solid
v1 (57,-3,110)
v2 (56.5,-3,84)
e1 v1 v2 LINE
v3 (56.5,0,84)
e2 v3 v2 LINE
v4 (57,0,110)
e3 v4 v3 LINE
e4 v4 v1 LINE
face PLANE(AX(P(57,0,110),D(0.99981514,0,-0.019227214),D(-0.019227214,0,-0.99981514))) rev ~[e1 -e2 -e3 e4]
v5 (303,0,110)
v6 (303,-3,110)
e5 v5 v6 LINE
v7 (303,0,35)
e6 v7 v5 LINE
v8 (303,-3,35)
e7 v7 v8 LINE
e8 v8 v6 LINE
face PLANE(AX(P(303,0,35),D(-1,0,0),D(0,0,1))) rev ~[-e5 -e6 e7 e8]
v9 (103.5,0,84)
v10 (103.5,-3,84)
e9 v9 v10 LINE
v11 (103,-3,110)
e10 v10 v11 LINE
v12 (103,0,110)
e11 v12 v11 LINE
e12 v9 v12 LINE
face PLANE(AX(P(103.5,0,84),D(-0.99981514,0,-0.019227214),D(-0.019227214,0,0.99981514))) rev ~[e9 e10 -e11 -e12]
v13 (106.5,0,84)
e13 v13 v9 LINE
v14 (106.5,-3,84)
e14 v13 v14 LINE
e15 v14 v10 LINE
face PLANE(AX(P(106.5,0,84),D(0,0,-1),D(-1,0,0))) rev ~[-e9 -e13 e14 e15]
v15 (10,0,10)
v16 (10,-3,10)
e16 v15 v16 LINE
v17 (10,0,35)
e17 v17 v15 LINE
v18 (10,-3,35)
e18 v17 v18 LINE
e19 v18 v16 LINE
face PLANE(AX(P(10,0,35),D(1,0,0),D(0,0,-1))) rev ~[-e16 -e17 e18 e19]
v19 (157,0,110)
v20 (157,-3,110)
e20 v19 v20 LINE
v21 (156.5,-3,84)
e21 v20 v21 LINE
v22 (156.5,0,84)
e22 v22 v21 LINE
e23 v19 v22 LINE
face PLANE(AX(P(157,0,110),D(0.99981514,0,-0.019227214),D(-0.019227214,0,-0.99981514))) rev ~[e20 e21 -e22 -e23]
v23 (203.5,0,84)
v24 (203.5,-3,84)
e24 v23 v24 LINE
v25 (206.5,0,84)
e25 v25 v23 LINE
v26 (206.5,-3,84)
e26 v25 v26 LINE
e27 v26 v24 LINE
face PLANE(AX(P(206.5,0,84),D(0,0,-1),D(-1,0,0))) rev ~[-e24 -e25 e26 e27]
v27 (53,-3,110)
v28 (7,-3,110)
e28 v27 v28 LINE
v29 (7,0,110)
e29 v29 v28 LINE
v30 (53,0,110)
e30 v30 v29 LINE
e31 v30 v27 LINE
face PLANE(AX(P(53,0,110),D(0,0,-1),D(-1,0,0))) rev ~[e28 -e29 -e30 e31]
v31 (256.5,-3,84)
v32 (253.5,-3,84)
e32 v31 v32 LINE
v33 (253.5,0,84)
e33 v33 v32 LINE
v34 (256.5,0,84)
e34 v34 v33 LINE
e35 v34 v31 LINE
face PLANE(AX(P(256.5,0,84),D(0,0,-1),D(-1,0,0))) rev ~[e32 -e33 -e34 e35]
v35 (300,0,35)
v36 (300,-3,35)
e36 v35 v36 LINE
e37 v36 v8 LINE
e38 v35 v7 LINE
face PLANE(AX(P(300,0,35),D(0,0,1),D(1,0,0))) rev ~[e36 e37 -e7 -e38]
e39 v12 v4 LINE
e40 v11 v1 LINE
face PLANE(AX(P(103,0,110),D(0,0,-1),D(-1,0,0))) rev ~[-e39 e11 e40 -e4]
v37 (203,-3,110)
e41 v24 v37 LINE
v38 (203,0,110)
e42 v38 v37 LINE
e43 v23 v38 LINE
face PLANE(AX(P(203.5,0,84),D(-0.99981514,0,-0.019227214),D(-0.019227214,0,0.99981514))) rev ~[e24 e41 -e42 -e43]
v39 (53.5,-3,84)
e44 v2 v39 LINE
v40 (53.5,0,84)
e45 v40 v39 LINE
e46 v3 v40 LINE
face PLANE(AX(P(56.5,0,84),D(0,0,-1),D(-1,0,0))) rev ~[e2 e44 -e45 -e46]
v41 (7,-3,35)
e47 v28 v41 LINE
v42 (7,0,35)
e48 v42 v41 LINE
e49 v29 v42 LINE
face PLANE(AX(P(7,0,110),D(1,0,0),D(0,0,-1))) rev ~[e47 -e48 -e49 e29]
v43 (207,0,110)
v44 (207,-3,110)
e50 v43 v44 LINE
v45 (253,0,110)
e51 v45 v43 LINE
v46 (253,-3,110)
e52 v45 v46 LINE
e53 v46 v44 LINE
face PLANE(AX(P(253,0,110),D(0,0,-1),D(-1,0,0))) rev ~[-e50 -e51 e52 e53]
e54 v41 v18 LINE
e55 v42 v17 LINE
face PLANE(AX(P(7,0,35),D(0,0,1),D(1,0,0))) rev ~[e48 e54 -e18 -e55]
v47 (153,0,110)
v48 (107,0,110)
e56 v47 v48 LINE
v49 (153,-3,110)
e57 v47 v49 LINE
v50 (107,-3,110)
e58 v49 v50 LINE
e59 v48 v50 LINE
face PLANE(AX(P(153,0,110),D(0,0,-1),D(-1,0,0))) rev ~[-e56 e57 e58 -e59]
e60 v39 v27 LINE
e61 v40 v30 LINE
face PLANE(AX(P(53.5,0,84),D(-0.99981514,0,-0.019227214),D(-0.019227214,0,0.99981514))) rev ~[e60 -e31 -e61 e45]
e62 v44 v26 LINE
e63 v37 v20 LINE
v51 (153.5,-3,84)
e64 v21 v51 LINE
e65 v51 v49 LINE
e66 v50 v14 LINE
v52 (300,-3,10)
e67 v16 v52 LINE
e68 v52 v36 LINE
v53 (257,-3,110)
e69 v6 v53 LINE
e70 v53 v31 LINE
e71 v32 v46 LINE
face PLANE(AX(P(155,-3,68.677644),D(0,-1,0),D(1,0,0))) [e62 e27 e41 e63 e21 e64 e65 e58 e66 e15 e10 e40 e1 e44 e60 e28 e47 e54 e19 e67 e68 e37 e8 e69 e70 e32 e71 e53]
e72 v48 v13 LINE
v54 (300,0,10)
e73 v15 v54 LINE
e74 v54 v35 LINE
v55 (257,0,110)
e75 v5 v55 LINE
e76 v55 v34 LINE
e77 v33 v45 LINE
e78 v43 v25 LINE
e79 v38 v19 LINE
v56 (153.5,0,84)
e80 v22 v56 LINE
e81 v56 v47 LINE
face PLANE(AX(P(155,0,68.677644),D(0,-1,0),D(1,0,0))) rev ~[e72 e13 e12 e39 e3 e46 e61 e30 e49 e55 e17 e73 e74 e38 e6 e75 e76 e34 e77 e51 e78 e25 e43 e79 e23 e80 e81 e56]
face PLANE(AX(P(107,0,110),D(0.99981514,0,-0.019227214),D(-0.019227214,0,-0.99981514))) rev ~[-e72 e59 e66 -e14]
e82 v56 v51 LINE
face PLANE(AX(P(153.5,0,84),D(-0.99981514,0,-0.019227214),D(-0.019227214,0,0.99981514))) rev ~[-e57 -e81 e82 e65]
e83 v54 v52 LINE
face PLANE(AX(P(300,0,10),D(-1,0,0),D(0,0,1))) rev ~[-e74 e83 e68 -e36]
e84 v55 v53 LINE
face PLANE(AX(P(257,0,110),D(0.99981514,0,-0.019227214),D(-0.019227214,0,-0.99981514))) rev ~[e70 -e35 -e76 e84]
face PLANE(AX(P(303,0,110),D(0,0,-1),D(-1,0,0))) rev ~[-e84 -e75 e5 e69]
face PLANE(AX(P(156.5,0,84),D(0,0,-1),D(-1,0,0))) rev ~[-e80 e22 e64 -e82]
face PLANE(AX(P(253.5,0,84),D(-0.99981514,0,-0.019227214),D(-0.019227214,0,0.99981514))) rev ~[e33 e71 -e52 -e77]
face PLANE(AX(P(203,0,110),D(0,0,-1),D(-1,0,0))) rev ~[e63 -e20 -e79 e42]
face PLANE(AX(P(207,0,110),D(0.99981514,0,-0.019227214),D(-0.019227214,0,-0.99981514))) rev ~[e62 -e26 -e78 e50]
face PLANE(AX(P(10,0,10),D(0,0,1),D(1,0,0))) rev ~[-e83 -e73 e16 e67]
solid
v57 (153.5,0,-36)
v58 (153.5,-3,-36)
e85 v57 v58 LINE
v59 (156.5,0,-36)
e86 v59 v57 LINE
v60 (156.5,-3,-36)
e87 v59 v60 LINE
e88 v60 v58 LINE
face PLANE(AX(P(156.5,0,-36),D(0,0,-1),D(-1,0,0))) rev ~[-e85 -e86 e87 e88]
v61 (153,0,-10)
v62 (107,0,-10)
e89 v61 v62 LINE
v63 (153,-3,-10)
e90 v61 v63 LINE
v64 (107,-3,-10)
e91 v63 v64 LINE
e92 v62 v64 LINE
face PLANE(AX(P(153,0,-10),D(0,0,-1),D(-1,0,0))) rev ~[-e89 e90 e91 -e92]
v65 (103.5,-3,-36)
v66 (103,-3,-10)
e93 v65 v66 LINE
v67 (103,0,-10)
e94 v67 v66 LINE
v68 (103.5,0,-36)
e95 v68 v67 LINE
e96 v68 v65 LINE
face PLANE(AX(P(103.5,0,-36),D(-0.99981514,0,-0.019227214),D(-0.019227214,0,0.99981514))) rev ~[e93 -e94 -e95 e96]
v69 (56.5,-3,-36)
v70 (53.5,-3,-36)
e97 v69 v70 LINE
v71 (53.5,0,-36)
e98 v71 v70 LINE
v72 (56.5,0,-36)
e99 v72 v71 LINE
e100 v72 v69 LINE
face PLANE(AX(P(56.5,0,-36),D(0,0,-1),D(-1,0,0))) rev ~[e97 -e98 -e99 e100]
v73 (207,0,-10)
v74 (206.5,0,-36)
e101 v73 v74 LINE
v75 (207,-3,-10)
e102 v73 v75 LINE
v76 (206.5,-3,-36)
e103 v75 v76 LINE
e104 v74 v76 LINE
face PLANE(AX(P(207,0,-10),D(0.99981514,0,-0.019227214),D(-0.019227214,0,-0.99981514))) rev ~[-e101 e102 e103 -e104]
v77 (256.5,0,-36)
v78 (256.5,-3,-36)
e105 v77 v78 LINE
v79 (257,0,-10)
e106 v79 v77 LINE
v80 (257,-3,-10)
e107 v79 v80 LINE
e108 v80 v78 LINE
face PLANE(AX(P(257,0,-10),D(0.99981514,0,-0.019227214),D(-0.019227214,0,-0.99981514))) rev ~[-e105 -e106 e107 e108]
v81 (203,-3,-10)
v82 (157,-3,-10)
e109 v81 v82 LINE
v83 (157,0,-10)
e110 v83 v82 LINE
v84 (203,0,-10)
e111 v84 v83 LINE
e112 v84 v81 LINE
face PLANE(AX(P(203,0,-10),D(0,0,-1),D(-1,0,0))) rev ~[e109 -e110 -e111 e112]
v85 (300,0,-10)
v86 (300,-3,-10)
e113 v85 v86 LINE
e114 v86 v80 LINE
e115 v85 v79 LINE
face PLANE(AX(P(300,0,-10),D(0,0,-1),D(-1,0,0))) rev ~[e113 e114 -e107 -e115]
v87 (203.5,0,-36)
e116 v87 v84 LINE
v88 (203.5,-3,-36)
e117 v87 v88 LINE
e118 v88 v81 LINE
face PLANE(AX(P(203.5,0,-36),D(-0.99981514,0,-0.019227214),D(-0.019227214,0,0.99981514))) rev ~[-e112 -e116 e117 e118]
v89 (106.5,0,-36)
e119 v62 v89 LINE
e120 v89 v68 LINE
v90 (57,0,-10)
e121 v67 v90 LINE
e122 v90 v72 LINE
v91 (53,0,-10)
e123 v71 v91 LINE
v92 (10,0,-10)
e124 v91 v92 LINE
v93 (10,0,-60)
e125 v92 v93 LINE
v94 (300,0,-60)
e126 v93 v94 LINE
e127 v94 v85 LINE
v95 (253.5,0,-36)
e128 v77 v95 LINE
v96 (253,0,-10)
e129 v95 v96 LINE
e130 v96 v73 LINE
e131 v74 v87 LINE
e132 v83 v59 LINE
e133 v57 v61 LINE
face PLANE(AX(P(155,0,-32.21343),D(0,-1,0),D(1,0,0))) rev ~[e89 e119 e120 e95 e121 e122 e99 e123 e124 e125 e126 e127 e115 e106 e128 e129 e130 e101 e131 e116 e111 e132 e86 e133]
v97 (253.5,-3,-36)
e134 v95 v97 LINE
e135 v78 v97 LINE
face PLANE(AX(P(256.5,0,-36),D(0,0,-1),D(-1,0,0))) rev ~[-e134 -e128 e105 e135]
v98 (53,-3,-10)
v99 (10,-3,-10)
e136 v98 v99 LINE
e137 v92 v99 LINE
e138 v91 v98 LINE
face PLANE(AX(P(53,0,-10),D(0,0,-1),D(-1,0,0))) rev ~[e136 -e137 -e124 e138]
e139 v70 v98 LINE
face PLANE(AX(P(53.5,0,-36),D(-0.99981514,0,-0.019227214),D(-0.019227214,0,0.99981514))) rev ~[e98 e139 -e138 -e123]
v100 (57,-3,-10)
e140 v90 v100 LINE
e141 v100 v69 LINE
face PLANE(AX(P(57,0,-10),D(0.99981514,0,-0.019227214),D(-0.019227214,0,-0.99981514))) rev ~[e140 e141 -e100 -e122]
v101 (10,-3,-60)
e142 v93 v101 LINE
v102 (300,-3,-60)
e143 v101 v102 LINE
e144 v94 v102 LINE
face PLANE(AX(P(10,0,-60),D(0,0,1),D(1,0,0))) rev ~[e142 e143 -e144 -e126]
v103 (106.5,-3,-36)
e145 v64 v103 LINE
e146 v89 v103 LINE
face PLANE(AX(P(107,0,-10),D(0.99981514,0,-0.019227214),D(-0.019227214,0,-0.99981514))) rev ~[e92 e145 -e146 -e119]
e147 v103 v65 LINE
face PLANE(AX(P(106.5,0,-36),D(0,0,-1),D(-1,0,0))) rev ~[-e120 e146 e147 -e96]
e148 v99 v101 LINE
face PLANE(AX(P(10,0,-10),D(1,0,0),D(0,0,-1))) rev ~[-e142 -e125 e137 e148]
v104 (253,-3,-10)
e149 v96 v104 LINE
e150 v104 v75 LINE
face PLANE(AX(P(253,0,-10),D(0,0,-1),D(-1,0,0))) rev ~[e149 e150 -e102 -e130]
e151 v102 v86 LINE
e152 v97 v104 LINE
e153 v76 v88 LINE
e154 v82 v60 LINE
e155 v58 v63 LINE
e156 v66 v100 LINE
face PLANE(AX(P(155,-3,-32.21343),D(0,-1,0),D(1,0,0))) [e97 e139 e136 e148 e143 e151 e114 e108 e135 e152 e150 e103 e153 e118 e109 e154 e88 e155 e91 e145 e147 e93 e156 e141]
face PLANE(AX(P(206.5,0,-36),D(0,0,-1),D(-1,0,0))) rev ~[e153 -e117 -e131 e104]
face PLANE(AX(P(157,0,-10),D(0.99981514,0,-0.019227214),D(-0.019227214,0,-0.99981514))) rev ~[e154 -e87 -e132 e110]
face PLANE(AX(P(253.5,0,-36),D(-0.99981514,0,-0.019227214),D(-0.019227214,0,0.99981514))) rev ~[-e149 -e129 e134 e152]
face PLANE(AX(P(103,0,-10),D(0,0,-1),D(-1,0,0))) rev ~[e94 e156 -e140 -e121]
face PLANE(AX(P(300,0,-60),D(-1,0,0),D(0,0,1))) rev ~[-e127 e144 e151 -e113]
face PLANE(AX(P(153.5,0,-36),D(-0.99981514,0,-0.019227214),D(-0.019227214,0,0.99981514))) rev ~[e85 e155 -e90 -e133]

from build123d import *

# Parameters (mm, degrees)
F0_W     = 3
F0_H     = 50
F0_H_2   = 25
F1_DEPTH = 3
F3_DEPTH = 3


with BuildPart() as f1:
    # F0 (on Front) → F1 (new body)
    with BuildSketch(Plane.XZ):
        Polygon((10, 35), (10, 10), (300, 10), (300, 35), (300, 60), (300, 110), (257, 110), (256.5, 84), (253.5, 84), (253, 110), (207, 110), (206.5, 84), (203.5, 84), (203, 110), (157, 110), (156.5, 84), (153.5, 84), (153, 110), (107, 110), (106.5, 84), (103.5, 84), (103, 110), (57, 110), (56.5, 84), (53.5, 84), (53, 110), (10, 110), (10, 60), align=None)
        with Locations((8.5, 85)):
            Rectangle(F0_W, F0_H)
        with Locations((301.5, 85)):
            Rectangle(F0_W, F0_H)
        with Locations((8.5, 47.5)):
            Rectangle(F0_W, F0_H_2)
        with Locations((301.5, 47.5)):
            Rectangle(F0_W, F0_H_2)
    extrude(amount=F1_DEPTH)


with BuildPart() as f3:
    # F2 (on Front) → F3 (new body)
    with BuildSketch(Plane.XZ):
        Polygon((10, -10), (10, -60), (300, -60), (300, -10), (257, -10), (256.5, -36), (253.5, -36), (253, -10), (207, -10), (206.5, -36), (203.5, -36), (203, -10), (157, -10), (156.5, -36), (153.5, -36), (153, -10), (107, -10), (106.5, -36), (103.5, -36), (103, -10), (57, -10), (56.5, -36), (53.5, -36), (53, -10), align=None)
    extrude(amount=F3_DEPTH)


solid = Compound([f1.part, f3.part])
